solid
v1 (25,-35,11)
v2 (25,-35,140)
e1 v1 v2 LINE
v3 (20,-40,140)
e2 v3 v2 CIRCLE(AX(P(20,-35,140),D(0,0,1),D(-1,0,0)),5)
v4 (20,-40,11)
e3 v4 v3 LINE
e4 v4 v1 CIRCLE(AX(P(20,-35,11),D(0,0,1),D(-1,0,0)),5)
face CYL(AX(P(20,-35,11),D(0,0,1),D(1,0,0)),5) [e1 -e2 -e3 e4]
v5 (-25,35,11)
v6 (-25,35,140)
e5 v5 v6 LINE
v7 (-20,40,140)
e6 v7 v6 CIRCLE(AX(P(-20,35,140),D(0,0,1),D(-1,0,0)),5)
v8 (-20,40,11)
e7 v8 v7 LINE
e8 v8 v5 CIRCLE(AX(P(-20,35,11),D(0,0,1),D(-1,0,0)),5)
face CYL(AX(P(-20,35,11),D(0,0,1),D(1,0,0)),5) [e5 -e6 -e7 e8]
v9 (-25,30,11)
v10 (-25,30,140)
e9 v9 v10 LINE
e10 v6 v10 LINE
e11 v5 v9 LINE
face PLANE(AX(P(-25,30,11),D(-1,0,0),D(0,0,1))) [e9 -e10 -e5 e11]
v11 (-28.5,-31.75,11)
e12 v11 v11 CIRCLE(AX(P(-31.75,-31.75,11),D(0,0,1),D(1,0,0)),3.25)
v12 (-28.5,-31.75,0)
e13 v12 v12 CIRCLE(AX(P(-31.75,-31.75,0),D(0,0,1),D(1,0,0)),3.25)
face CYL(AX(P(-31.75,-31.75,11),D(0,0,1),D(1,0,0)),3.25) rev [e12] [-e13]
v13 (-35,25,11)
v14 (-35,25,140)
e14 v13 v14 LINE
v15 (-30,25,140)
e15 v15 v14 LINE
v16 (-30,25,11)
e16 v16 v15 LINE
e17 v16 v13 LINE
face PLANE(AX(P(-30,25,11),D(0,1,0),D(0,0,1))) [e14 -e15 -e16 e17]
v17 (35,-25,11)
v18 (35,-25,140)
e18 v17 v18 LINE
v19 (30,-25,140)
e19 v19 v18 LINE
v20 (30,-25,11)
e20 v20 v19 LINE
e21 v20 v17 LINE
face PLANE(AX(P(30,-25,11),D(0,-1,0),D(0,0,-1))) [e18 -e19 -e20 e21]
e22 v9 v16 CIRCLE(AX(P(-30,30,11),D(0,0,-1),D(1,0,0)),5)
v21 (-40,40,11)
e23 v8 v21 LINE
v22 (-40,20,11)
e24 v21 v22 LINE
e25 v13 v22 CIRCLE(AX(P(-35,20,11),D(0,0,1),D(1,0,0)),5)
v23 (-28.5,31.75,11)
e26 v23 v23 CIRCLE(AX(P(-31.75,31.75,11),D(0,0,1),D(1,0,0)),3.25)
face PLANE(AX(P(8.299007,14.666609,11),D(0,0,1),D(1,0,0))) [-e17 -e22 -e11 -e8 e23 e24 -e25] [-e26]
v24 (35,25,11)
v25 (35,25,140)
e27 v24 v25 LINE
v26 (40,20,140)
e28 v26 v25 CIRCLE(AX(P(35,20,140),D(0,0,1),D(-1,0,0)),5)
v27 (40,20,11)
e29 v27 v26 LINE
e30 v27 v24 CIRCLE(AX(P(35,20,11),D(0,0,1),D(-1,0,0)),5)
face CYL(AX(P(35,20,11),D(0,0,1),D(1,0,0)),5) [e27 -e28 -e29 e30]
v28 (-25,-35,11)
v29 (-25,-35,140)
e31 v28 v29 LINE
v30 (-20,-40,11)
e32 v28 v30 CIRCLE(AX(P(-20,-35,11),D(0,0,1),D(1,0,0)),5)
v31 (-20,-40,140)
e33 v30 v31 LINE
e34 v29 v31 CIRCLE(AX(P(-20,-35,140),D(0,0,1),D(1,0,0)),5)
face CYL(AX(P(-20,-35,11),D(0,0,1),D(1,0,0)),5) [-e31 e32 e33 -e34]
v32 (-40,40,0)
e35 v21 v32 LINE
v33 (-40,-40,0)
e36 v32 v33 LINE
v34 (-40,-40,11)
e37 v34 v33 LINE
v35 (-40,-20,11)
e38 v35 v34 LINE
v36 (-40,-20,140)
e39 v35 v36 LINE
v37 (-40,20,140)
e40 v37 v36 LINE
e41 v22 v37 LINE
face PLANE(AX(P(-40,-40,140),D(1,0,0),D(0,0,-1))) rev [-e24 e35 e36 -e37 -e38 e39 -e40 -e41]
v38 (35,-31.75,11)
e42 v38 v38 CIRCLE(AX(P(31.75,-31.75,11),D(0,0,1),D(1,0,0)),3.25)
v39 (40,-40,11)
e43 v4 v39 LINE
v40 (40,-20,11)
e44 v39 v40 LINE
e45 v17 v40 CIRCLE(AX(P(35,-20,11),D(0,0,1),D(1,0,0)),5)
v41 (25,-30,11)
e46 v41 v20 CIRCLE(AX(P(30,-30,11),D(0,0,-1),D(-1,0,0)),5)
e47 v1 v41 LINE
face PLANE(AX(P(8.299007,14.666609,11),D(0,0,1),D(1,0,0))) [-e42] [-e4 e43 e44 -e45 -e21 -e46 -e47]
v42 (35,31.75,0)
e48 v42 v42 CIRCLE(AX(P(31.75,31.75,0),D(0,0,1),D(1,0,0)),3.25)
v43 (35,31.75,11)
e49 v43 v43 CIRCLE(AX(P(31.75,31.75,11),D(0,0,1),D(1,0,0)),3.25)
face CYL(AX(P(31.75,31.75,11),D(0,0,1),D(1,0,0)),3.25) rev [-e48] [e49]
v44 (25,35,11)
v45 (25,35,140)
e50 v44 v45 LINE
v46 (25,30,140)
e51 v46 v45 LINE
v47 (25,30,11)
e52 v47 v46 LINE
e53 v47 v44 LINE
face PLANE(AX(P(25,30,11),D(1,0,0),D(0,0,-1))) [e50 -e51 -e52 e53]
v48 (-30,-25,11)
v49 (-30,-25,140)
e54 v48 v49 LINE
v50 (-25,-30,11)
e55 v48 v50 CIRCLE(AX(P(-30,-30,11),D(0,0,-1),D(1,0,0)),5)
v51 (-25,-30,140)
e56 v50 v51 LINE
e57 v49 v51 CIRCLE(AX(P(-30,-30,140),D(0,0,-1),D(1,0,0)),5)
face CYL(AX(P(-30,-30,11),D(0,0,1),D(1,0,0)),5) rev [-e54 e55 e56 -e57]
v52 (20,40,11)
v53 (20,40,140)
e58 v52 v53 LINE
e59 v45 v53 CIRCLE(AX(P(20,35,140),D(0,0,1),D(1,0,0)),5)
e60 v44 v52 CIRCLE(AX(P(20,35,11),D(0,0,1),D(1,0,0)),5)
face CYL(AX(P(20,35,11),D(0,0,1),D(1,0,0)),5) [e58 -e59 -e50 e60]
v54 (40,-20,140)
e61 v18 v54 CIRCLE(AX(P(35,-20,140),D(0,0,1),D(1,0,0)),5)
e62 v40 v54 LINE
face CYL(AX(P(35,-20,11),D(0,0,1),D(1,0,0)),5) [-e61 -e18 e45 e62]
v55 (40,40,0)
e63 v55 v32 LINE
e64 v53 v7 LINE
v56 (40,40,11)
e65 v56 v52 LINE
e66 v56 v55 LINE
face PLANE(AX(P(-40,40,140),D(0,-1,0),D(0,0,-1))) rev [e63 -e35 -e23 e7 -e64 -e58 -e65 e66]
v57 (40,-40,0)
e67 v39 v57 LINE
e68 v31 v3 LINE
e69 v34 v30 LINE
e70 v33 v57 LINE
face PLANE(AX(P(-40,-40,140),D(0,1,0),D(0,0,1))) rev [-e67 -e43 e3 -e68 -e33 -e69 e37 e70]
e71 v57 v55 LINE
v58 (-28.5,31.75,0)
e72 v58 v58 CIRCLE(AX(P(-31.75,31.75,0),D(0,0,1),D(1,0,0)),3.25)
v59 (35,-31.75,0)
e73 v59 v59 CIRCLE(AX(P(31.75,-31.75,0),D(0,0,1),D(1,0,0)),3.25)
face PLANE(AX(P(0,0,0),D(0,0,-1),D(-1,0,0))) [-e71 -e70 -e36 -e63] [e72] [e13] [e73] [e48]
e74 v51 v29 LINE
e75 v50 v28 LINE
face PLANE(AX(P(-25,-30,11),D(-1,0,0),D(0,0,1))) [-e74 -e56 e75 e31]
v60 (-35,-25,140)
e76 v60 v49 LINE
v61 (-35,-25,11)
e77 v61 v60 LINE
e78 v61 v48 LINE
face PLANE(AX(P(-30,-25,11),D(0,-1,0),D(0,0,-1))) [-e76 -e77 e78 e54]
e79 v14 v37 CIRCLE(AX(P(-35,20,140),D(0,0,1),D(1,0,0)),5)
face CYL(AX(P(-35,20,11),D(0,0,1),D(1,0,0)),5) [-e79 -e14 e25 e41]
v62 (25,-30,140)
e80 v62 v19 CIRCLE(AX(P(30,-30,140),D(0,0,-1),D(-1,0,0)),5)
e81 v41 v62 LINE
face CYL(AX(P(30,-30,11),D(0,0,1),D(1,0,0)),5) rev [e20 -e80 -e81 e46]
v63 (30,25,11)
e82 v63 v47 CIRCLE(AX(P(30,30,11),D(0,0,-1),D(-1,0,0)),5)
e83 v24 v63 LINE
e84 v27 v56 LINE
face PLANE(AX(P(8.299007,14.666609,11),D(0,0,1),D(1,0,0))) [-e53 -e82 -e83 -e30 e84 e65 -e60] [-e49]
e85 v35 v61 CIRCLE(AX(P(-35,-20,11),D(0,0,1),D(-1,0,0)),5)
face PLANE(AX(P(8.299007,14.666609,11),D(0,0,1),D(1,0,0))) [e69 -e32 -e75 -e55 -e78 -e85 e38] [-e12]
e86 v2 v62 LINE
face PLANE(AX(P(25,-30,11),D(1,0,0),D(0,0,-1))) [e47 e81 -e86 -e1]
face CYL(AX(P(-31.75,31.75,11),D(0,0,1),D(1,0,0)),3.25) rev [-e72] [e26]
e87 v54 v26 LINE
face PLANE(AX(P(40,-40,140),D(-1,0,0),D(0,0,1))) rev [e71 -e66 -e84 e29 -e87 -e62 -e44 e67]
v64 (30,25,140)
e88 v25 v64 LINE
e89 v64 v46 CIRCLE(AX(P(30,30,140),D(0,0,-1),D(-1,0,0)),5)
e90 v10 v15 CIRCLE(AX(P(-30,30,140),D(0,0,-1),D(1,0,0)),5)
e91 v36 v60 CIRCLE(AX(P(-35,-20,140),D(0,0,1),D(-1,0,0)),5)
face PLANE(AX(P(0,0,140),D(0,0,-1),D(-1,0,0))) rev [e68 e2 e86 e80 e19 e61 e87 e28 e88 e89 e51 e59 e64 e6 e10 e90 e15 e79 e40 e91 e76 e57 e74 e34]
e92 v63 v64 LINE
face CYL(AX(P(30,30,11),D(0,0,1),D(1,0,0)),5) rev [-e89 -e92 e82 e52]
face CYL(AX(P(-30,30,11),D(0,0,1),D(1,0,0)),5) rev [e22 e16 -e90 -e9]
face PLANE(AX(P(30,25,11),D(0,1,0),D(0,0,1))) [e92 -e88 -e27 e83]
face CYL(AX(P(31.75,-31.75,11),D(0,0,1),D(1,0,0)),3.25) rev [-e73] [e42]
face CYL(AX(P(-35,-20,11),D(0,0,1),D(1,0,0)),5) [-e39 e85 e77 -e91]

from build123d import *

# Parameters (mm, degrees)
SKETCH_1_W              = 80
SKETCH_1_H              = 80
EXTRUDE_1_DEPTH         = 140
SKETCH_2_OUTSIDE_W      = 118
SKETCH_2_OUTSIDE_H      = 118
CUT_EXTRUDE_1_DEPTH     = 129
HOLE_WIZARD_6_5_6_5_1_D = 6.5


with BuildPart() as part:
    # 草图1 → 凸台-拉伸1 (new body)
    with BuildSketch(Plane.XY):
        Rectangle(SKETCH_1_W, SKETCH_1_H)
    extrude(amount=EXTRUDE_1_DEPTH)

    # 草图2 outside → 切除-拉伸1 (cut)
    with BuildSketch(Plane.XY.offset(140)):
        Rectangle(SKETCH_2_OUTSIDE_W, SKETCH_2_OUTSIDE_H)
        with BuildLine():
            Line((30, 25), (35, 25))
            ThreePointArc((35, 25), (38.535533906, 23.535533906), (40, 20))
            Line((40, 20), (40, -20))
            ThreePointArc((40, -20), (38.535533906, -23.535533906), (35, -25))
            Line((35, -25), (30, -25))
            ThreePointArc((30, -25), (26.464466094, -26.464466094), (25, -30))
            Line((25, -30), (25, -35))
            ThreePointArc((25, -35), (23.535533906, -38.535533906), (20, -40))
            Line((20, -40), (-20, -40))
            ThreePointArc((-20, -40), (-23.535533906, -38.535533906), (-25, -35))
            Line((-25, -35), (-25, -30))
            ThreePointArc((-25, -30), (-26.464466094, -26.464466094), (-30, -25))
            Line((-30, -25), (-35, -25))
            ThreePointArc((-35, -25), (-38.535533906, -23.535533906), (-40, -20))
            Line((-40, -20), (-40, 20))
            ThreePointArc((-40, 20), (-38.535533906, 23.535533906), (-35, 25))
            Line((-35, 25), (-30, 25))
            ThreePointArc((-30, 25), (-26.464466094, 26.464466094), (-25, 30))
            Line((-25, 30), (-25, 35))
            ThreePointArc((-25, 35), (-23.535533906, 38.535533906), (-20, 40))
            Line((-20, 40), (20, 40))
            ThreePointArc((20, 40), (23.535533906, 38.535533906), (25, 35))
            Line((25, 35), (25, 30))
            ThreePointArc((25, 30), (26.464466094, 26.464466094), (30, 25))
        make_face(mode=Mode.SUBTRACT)
    extrude(amount=-CUT_EXTRUDE_1_DEPTH, mode=Mode.SUBTRACT)

    # Ø6.5 (6.5) 直径孔1 (through all)
    with Locations(Plane(origin=(-31.75, 31.75, 11), x_dir=(1, 0, 0), z_dir=(0, 0, 1))):
        with Locations((0, 0), (63.5, 0), (63.5, -63.5), (0, -63.5)):
            Hole(HOLE_WIZARD_6_5_6_5_1_D / 2)


solid = part.part
